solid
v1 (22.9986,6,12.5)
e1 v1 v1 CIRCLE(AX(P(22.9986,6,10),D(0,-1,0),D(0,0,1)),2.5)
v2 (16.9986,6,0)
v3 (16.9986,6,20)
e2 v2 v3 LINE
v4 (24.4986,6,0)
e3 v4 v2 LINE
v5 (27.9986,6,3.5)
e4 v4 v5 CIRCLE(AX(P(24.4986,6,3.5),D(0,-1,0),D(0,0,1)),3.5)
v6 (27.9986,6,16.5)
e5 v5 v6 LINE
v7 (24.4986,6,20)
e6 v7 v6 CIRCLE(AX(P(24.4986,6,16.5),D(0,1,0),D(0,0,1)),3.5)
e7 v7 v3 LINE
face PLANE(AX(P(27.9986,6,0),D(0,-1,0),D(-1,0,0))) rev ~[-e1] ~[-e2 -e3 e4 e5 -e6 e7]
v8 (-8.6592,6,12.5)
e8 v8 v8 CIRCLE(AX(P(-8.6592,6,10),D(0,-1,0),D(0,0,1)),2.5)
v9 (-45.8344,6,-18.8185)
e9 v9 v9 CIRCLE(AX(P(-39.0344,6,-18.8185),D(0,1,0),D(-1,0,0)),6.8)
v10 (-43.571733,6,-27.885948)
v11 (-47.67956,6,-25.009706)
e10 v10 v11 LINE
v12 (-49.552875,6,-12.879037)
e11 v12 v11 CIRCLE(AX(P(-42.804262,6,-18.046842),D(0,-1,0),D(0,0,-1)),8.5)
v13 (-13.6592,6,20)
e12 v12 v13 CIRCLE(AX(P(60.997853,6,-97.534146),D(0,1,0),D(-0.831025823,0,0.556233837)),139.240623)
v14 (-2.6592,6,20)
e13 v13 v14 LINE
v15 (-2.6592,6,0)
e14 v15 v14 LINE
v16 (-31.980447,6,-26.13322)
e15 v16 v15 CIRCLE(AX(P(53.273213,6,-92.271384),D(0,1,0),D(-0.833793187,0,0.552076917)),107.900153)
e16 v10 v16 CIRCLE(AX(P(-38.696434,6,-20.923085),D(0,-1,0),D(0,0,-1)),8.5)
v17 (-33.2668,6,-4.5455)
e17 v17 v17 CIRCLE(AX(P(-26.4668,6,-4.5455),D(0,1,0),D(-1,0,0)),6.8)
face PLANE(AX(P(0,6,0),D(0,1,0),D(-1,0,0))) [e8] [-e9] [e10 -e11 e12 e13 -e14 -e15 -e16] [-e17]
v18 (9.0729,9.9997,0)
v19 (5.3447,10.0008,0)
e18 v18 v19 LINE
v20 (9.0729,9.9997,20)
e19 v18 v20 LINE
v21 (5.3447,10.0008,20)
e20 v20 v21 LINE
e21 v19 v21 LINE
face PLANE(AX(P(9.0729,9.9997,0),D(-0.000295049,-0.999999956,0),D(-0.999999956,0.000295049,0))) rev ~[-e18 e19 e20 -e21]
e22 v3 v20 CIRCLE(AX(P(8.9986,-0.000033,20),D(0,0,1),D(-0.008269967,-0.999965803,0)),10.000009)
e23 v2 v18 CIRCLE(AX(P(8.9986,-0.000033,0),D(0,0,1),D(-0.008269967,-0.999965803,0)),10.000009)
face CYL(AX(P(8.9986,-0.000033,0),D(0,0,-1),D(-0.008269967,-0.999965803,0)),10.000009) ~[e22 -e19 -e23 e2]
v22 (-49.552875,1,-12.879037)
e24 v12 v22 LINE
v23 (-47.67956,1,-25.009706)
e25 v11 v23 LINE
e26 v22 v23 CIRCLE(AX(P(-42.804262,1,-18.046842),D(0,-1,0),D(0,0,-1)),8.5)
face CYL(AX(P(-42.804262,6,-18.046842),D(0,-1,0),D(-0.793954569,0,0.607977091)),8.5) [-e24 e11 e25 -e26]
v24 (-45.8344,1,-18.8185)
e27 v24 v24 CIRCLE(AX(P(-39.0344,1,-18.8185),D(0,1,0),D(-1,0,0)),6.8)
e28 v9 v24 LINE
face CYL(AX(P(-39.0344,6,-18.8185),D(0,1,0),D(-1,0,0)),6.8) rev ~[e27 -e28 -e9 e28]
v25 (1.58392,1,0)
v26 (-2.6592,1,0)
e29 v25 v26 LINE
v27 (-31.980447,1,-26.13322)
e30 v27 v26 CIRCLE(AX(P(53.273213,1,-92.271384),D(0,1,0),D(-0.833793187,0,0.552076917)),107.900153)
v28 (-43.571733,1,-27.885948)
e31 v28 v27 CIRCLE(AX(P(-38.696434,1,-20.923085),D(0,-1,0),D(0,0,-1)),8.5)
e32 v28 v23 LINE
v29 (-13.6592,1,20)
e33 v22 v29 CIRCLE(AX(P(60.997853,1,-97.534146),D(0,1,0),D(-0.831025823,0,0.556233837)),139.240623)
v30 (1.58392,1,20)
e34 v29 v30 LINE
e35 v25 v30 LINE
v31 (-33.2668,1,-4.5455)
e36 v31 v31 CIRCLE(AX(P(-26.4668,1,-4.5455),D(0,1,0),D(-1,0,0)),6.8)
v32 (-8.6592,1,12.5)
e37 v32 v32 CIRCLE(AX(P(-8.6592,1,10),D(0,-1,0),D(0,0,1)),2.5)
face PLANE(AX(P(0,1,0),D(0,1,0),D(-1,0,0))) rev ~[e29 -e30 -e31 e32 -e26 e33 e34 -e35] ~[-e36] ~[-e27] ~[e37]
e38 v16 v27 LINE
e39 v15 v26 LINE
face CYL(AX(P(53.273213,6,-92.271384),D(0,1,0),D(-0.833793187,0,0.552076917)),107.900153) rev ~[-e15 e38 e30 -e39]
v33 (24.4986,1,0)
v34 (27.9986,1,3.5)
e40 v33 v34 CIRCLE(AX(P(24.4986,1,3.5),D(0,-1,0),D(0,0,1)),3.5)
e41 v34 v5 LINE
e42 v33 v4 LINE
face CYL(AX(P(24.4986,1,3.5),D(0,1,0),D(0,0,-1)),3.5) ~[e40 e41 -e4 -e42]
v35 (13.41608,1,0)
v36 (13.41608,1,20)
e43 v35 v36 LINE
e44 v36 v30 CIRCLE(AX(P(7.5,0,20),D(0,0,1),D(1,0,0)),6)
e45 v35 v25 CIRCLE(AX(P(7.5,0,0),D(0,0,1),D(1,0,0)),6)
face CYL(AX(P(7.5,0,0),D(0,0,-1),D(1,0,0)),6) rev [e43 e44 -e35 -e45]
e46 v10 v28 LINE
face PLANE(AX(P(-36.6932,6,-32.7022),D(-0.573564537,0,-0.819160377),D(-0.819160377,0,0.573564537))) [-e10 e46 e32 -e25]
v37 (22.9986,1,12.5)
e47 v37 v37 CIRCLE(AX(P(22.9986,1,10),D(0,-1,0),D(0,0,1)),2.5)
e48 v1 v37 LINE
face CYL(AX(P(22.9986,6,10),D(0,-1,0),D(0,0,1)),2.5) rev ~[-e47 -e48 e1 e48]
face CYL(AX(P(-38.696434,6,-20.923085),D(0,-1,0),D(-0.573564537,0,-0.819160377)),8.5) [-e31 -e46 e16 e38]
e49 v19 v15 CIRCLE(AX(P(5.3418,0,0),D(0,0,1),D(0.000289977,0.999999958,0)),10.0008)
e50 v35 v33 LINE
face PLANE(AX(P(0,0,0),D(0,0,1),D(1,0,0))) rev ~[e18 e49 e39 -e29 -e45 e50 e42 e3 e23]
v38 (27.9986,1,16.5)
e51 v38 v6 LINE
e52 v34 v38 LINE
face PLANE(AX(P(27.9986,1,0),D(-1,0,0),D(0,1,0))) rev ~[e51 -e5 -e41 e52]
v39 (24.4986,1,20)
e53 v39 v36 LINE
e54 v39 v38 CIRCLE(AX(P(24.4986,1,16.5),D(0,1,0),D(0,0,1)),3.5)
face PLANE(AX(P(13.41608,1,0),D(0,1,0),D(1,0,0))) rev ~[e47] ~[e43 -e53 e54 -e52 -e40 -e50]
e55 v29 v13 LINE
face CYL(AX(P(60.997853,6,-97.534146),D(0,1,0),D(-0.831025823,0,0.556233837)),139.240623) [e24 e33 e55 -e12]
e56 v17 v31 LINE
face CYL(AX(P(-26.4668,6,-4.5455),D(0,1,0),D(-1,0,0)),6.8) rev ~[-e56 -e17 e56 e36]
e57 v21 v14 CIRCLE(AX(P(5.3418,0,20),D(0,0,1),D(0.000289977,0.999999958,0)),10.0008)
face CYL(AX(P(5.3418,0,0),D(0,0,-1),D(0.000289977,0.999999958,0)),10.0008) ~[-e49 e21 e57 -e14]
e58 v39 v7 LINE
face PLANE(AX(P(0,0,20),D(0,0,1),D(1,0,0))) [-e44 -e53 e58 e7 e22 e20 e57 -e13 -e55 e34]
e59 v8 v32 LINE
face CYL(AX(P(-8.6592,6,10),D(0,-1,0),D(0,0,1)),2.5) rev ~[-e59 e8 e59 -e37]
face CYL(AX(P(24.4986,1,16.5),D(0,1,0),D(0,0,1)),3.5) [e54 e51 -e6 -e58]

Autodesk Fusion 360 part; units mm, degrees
sketch "Sketch1" plane through (0, 0, 0) normal (0, 0, 1) x (1, 0, 0)
  line L0 (0, 0) -> (15, 0) construction
  arc A0 (8.9159, -9.9997) -> (9.0729, 9.9997) centre (8.9986, 0) ccw
  line L1 (9.0729, 9.9997) -> (5.3447, 10.0008)
  arc A1 (5.3447, 10.0008) -> (5.3451, -10.0008) centre (5.3418, 0) ccw
  line L2 (5.3451, -10.0008) -> (8.9159, -9.9997)
  line L3 (0.0839, 1) -> (-13.6592, 1)
  line L4 (-13.6592, 1) -> (-13.6592, 6)
  line L5 (-13.6592, 6) -> (-2.6592, 6)
  line L6 (0.0839, 1) -> (27.9986, 1)
  line L7 (27.9986, 1) -> (27.9986, 6)
  line L8 (27.9986, 6) -> (16.9986, 6)
  circle A2 centre (7.5, 0) radius 6
  dimension "d4" = 5
  dimension "d6" = 5
  dimension "d7" = 1
  dimension "d8" = 1
  dimension "d52" = 11
  dimension "d53" = 11
  dimension "d122" = 12
extrude "Extrude1" add sketch "Sketch1" along normal blind 20 contours A0 L1 A1 L3 L6 A2 | A0 L6 L7 L8 | A1 L3 L4 L5
hole "Hole1" at (-8.6592, 6, 10) direction (0, -1, 0) diameter 5 depth 5 tip angle 118
hole "Hole2" at (22.9986, 6, 10) direction (0, -1, 0) diameter 5 depth 5 tip angle 118
fillet "Fillet9" radius 3.5 2 edges at (27.9986, 3.5, 20) (27.9986, 3.5, 0)
sketch "Sketch7" plane through (0, 6, 0) normal (0, 1, 0) x (-1, 0, 0)
  circle A0 centre (8.6592, 10) radius 2.5
  line L0 (2.6592, 0) -> (13.6592, 0)
  line L1 (13.6592, 0) -> (13.6592, 20)
  line L2 (13.6592, 20) -> (2.6592, 20)
  line L3 (2.6592, 20) -> (2.6592, 0)
  line L4 (36.6932, -32.7022) -> (54.7147, -20.0838)
  line L5 (13.6592, 0) -> (2.6592, 0)
  circle A1 centre (39.0344, -18.8185) radius 6.8
  circle A2 centre (26.4668, -4.5455) radius 6.8
  line L6 (45.7039, -26.393) -> (13.6592, 10) construction
  circle A3 centre (39.0344, -18.8185) radius 8.75 construction
  circle A4 centre (26.4668, -4.5455) radius 8.75 construction
  arc A5 (54.7147, -20.0838) -> (13.6592, 20) centre (-60.9979, -97.5341) ccw
  arc A6 (36.6932, -32.7022) -> (2.6592, 0) centre (-53.2733, -92.2713) ccw
  dimension "d109" = 22
  dimension "d111" = 40
  dimension "d112" = 13.6
  dimension "d113" = 13.6
  dimension "d114" = 17.5
  dimension "d115" = 17.5
extrude "Extrude9" add sketch "Sketch7" against normal blind 5 contours L0 L1 L4 L5 A5 A6
fillet "Fillet8" radius 8.5 2 edges at (-54.7147, 3.5, -20.0838) (-36.6932, 3.5, -32.7022)
equation "d6 = d4"
equation "d8 = d7"
